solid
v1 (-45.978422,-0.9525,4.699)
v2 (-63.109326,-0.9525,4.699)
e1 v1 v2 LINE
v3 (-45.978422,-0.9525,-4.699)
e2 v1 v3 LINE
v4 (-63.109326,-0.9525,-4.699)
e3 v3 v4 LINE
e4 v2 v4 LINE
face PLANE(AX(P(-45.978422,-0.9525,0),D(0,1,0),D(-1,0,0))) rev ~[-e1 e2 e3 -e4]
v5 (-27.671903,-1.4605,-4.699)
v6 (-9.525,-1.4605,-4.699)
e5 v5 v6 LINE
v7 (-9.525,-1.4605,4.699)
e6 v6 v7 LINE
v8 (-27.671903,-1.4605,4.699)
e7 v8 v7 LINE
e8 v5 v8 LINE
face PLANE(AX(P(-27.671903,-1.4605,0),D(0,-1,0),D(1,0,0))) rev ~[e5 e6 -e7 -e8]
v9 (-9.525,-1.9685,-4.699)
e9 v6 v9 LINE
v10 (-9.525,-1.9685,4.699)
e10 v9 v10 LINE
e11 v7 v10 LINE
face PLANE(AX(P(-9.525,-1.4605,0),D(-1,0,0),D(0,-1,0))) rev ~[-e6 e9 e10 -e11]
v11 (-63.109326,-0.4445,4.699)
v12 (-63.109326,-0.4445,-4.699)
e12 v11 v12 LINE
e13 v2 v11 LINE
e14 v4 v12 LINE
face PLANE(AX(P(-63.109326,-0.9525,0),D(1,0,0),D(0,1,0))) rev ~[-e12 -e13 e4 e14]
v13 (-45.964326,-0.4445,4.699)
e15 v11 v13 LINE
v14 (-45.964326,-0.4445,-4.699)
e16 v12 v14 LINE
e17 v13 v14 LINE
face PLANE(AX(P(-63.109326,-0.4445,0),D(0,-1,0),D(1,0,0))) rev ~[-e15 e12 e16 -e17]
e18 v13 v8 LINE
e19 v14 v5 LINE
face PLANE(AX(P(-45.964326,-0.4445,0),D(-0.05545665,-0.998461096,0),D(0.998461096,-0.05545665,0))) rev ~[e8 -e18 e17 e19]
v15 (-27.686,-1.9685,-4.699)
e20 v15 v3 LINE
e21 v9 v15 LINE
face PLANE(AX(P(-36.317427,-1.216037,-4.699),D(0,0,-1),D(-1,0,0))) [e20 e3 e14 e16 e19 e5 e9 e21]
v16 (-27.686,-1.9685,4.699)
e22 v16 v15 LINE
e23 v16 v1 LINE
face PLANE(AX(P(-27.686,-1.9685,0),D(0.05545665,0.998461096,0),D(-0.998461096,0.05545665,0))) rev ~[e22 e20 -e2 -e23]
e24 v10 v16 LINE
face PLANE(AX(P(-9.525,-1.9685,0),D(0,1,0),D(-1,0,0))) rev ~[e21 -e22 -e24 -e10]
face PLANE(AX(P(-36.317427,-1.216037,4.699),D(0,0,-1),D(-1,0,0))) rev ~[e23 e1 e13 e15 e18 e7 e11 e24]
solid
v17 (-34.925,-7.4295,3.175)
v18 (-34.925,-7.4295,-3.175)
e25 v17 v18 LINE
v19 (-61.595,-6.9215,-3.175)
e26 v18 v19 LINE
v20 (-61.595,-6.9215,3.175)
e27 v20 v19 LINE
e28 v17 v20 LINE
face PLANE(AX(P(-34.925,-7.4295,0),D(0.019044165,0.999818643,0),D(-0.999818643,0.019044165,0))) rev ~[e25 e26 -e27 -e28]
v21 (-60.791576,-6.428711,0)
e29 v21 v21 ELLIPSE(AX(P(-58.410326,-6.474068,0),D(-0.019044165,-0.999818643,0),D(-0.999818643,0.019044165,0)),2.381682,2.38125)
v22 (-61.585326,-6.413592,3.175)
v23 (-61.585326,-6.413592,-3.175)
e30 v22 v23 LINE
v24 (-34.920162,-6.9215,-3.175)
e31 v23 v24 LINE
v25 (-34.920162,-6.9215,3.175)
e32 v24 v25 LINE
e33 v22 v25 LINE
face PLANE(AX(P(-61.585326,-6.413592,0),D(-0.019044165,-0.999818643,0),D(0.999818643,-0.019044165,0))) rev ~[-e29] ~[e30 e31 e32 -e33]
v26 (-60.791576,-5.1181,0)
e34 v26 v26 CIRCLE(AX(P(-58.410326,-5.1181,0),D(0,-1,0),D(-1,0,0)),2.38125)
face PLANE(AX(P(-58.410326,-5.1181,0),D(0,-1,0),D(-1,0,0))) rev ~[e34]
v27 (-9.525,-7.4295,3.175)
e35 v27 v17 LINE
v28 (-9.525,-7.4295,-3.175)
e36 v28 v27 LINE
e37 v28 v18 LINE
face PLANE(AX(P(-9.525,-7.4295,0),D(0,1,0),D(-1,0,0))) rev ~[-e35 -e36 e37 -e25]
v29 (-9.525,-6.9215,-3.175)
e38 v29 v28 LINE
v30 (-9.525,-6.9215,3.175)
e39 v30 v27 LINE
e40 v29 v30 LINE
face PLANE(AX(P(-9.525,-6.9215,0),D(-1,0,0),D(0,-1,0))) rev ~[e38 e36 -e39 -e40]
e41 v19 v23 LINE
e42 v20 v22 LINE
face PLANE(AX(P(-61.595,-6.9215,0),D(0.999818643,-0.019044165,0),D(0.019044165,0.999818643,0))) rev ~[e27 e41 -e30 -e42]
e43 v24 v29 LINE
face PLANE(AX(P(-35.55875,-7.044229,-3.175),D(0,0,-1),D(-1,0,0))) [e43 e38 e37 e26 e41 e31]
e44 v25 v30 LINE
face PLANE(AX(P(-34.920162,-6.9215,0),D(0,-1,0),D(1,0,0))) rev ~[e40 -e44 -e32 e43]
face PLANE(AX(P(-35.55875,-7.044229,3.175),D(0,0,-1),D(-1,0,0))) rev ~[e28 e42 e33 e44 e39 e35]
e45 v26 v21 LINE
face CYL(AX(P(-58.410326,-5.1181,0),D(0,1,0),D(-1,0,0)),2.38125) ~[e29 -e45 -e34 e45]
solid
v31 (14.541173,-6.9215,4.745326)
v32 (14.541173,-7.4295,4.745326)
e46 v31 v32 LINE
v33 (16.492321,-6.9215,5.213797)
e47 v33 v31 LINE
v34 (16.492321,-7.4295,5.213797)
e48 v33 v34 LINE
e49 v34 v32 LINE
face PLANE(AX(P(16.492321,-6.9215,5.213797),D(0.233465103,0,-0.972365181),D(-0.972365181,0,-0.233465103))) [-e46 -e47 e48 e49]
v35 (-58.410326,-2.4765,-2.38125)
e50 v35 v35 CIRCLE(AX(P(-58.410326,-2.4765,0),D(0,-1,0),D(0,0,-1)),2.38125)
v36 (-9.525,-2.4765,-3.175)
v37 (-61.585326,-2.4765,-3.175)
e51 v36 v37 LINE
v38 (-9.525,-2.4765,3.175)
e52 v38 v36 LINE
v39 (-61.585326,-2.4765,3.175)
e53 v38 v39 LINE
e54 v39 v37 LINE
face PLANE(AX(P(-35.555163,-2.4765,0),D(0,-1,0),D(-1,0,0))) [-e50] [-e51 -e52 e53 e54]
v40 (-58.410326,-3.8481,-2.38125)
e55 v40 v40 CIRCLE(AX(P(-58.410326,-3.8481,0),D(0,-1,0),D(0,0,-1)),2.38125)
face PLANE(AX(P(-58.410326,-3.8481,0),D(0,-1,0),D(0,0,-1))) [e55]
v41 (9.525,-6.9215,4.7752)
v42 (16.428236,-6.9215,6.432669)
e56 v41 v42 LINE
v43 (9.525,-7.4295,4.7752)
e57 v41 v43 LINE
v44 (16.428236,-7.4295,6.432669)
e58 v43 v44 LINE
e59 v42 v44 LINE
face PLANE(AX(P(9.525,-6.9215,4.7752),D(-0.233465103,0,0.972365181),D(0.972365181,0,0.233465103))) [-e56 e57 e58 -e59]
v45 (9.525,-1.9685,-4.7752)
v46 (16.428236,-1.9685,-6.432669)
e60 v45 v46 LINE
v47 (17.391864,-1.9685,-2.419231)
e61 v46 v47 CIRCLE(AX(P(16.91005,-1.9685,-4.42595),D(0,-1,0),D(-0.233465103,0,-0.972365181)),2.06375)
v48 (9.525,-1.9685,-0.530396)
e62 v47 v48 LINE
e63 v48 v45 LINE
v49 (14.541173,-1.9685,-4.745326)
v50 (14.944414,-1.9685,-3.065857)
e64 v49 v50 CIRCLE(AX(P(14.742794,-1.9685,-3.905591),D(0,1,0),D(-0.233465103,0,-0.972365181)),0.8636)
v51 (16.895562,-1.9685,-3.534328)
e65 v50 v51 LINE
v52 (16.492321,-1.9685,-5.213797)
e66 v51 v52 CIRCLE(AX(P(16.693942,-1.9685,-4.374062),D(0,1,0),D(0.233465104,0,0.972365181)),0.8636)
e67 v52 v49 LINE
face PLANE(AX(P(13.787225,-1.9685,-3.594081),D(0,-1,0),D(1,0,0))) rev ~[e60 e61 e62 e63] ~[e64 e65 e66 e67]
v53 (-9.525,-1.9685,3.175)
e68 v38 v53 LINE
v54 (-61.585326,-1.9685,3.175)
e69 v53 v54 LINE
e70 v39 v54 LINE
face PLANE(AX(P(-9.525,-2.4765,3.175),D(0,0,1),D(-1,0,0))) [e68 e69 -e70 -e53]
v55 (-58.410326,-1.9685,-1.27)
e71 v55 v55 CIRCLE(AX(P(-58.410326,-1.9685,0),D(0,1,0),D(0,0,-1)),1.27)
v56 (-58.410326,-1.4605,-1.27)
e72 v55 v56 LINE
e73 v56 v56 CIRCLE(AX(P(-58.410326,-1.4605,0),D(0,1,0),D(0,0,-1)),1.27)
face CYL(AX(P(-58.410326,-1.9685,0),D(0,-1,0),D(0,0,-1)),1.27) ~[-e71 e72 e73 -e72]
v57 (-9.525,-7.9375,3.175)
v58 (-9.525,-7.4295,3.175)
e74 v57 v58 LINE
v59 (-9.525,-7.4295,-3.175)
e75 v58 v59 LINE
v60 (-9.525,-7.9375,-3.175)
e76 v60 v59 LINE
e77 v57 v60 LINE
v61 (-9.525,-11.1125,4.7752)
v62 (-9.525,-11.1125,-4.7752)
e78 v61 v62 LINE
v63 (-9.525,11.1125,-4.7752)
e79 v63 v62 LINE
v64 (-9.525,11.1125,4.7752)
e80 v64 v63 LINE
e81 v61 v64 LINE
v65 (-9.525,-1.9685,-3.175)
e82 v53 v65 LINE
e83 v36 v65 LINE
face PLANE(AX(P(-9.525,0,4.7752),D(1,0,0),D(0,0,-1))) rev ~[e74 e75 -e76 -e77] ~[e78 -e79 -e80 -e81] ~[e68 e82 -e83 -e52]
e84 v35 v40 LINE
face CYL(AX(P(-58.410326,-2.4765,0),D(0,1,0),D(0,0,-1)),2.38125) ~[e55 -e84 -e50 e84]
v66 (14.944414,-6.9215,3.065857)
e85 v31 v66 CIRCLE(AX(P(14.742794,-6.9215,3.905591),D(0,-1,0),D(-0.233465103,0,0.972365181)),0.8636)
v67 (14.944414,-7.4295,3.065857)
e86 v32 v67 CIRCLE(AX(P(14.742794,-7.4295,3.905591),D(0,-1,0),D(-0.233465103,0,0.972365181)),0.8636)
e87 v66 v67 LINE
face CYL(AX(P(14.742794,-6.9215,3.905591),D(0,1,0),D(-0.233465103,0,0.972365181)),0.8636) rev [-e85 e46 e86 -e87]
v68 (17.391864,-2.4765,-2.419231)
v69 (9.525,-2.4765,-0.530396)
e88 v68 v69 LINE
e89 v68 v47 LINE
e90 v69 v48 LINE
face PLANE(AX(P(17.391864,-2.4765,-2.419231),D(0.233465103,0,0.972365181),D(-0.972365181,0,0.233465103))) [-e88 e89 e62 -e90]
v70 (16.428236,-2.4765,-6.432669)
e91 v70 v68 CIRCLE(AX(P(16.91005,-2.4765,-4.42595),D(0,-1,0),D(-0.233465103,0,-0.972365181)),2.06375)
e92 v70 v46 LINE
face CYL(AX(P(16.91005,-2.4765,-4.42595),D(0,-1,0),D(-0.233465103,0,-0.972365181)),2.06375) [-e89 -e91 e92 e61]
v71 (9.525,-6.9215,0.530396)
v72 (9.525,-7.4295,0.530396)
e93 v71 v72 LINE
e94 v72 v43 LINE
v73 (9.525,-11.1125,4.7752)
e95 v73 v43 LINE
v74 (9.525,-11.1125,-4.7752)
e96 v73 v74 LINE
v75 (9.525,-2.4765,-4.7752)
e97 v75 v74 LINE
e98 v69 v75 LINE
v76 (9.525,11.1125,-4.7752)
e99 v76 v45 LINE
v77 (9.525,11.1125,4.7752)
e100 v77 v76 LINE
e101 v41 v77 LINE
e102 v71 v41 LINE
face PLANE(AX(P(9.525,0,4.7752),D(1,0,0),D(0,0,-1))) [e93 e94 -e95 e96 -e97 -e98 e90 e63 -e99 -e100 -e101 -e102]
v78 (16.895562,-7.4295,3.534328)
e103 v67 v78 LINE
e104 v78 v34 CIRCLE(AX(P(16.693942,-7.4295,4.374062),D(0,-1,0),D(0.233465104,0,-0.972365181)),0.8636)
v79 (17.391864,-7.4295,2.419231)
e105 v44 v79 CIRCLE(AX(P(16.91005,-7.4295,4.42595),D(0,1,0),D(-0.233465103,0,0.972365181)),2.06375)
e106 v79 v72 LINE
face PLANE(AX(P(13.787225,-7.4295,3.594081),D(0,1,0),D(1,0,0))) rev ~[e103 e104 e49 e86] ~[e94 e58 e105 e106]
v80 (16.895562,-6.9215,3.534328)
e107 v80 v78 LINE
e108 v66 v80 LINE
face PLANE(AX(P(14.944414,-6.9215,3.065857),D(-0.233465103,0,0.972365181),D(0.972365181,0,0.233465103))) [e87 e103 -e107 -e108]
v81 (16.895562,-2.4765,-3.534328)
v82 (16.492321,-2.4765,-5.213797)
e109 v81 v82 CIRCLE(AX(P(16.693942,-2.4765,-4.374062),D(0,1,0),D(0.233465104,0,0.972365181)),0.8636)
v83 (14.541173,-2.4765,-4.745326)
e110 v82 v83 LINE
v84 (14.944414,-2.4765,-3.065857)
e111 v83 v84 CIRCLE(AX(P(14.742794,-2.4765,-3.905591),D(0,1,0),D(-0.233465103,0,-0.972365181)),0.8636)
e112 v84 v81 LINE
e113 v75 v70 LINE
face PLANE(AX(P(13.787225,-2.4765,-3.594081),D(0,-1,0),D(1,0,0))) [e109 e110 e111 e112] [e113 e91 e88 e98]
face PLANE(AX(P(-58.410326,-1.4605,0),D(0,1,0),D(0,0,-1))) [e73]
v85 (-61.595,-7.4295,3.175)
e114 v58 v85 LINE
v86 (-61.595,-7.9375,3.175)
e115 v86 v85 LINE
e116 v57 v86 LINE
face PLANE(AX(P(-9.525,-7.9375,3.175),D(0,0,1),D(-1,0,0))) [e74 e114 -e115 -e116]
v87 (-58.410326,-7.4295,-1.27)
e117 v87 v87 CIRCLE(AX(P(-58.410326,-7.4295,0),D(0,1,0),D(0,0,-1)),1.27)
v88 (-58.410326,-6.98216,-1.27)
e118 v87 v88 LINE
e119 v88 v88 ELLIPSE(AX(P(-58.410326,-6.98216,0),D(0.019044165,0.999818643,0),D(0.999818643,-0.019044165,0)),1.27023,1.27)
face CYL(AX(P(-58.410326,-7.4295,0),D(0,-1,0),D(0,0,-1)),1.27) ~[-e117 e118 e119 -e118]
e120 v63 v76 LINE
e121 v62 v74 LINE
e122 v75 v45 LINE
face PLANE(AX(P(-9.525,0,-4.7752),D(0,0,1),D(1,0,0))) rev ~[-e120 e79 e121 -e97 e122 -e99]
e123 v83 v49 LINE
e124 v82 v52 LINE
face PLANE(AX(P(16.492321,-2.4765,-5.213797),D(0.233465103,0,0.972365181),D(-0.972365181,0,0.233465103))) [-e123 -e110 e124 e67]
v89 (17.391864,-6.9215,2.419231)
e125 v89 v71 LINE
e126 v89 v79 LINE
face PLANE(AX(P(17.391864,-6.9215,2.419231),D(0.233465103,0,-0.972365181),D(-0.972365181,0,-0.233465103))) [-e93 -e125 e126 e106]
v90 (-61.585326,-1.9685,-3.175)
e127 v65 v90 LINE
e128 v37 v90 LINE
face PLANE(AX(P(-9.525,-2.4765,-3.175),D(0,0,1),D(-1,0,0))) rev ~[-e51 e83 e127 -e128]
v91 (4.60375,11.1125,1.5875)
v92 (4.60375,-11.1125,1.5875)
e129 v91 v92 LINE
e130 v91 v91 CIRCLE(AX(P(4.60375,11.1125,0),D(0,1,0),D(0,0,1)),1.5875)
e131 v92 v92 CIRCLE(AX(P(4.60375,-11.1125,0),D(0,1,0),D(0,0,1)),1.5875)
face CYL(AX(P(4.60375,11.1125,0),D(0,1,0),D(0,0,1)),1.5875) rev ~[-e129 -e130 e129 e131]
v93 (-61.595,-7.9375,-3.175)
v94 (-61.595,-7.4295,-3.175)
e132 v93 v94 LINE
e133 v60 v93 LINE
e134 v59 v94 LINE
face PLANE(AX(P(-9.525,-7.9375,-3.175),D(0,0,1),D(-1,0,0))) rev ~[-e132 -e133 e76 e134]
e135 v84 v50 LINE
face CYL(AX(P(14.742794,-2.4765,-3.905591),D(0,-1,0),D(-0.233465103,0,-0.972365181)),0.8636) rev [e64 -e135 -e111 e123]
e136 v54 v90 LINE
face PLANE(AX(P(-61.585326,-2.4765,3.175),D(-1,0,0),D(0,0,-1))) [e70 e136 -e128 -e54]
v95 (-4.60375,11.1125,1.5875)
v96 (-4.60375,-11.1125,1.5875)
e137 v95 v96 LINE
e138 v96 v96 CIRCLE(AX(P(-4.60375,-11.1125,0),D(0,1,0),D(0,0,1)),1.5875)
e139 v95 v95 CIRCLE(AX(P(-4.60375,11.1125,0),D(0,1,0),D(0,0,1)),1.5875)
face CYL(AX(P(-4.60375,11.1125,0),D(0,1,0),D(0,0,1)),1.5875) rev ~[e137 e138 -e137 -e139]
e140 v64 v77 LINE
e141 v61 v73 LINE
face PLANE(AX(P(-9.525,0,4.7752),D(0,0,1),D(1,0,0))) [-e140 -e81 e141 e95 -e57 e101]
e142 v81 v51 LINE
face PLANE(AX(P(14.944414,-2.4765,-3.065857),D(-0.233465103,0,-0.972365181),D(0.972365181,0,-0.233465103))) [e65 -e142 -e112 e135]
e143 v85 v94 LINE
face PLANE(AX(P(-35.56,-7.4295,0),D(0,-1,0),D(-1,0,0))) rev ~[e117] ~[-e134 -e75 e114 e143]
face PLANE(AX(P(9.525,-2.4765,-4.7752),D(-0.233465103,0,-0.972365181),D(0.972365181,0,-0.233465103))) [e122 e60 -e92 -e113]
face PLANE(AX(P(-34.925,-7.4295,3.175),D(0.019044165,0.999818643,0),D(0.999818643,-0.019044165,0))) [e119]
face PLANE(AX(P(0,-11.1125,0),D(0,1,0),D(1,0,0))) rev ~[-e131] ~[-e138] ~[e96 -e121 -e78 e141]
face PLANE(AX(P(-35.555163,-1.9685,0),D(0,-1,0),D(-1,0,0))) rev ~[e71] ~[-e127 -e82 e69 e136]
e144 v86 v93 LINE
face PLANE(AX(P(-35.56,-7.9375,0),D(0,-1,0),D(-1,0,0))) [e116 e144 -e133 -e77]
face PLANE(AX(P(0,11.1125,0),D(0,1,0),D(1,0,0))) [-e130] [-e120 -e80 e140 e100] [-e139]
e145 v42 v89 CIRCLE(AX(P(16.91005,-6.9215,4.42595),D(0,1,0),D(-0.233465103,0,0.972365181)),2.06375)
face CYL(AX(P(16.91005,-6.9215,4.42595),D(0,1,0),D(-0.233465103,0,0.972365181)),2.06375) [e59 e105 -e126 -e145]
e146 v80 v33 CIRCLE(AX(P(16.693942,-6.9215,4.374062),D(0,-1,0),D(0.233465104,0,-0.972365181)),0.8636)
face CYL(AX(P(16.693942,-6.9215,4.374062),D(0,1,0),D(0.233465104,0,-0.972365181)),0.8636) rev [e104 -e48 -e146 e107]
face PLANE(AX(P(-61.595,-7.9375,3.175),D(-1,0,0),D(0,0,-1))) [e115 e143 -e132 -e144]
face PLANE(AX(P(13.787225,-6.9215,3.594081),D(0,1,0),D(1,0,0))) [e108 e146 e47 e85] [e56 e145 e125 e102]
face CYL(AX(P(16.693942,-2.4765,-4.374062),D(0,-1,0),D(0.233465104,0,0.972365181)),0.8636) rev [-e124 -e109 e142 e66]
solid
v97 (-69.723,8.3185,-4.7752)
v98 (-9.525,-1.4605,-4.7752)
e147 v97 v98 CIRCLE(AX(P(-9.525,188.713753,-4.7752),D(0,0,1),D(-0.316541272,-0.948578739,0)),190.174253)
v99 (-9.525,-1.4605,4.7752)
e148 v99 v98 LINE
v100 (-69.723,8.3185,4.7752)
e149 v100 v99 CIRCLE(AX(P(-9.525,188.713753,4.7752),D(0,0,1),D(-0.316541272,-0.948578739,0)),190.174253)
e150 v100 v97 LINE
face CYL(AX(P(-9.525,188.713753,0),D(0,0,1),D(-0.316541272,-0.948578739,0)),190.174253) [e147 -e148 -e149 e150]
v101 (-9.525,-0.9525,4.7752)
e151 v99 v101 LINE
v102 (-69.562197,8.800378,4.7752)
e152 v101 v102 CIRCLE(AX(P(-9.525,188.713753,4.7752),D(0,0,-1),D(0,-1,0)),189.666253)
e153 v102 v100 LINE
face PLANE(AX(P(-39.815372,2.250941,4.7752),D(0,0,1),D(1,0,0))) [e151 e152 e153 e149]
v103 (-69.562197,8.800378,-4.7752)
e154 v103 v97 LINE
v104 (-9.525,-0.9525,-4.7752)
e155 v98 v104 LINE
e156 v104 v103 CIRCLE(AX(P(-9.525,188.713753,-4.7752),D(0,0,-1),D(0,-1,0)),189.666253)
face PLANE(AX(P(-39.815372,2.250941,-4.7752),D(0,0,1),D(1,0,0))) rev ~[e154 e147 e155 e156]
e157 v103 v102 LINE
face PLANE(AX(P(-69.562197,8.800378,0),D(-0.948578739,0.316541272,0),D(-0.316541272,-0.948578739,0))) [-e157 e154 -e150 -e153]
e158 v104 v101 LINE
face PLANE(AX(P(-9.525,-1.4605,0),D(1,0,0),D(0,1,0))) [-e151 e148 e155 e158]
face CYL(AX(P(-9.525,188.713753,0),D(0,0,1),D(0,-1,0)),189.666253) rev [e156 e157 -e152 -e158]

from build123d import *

# Parameters (mm, degrees)
SKETCH1_W            = 19.05
SKETCH1_H            = 9.5504
BOSS_EXTRUDE1_DEPTH  = 11.1125
SKETCH2_W            = 52.07
SKETCH2_H            = 6.35
BOSS_EXTRUDE2_DEPTH  = 0.508
BOSS_EXTRUDE3_DEPTH  = 3.175
SKETCH4_W            = 52.060325564
SKETCH4_H            = 6.35
BOSS_EXTRUDE4_DEPTH  = 0.508
BOSS_EXTRUDE5_DEPTH  = 4.699
BOSS_EXTRUDE6_DEPTH  = 4.7752
SKETCH7_R            = 2.38125
BOSS_EXTRUDE7_DEPTH  = 1.3716
BOSS_EXTRUDE8_REACH  = 74.74
BOSS_EXTRUDE8_START  = 1.27
SKETCH8_R            = 2.38125
SKETCH9_R            = 1.27
BOSS_EXTRUDE9_DEPTH  = 0.508
BOSS_EXTRUDE10_REACH = 74.304
SKETCH10_R           = 1.27
BOSS_EXTRUDE11_DEPTH = 0.508
BOSS_EXTRUDE12_DEPTH = 0.508
SKETCH13_R           = 1.5875
CUT_EXTRUDE1_DEPTH   = 74.466751392


with BuildPart() as part:
    # Sketch1 → Boss-Extrude1 (new, symmetric)
    with BuildSketch(Plane(origin=(0, 0, 0), x_dir=(1, 0, 0), z_dir=(0, 1, 0))):
        Rectangle(SKETCH1_W, SKETCH1_H)
    extrude(amount=BOSS_EXTRUDE1_DEPTH, both=True)

    # Sketch2 → Boss-Extrude2 (add)
    with BuildSketch(Plane(origin=(0, -7.9375, 0), x_dir=(-1, 0, 0), z_dir=(0, -1, 0))):
        with Locations((35.56, 0)):
            Rectangle(SKETCH2_W, SKETCH2_H)
    extrude(amount=-BOSS_EXTRUDE2_DEPTH)

    # Sketch4 → Boss-Extrude4 (add)
    with BuildSketch(Plane(origin=(0, -2.4765, 0), x_dir=(-1, 0, 0), z_dir=(0, -1, 0))):
        with Locations((35.555162782, 0)):
            Rectangle(SKETCH4_W, SKETCH4_H)
    extrude(amount=-BOSS_EXTRUDE4_DEPTH)

    # Sketch7 → Boss-Extrude7 (add)
    with BuildSketch(Plane.XZ.offset(2.4765)):
        with Locations(Location((-58.410325564, 0, 0), (0, 0, 270))):
            Circle(SKETCH7_R)
    extrude(amount=BOSS_EXTRUDE7_DEPTH)

    # Sketch9 → Boss-Extrude9 (add)
    with BuildSketch(Plane(origin=(0, -1.9685, 0), x_dir=(1, 0, 0), z_dir=(0, 1, 0))):
        with Locations(Location((-58.410325564, 0, 0), (0, 0, 90))):
            Circle(SKETCH9_R)
    extrude(amount=BOSS_EXTRUDE9_DEPTH)

    # Boss-Extrude10: up to this plane
    boss_extrude10_end = Plane(origin=(-34.925, -7.4295, 3.175), z_dir=(0.01904416463717227, 0.9998186434515374, 0))
    # Sketch10 → Boss-Extrude10 (add, up to the surface)
    with BuildSketch(Plane(origin=(0, -7.4295, 0), x_dir=(1, 0, 0), z_dir=(0, 1, 0)), mode=Mode.PRIVATE) as boss_extrude10_sk1:
        with Locations(Location((-58.410325564, 0, 0), (0, 0, 90))):
            Circle(SKETCH10_R)
    boss_extrude10_tool1 = split(extrude(boss_extrude10_sk1.sketch, amount=BOSS_EXTRUDE10_REACH, mode=Mode.PRIVATE), bisect_by=boss_extrude10_end, keep=Keep.BOTH, mode=Mode.PRIVATE)
    add(boss_extrude10_tool1.solids().sort_by_distance((-58.410326, -7.4295, 0))[0])

    # Sketch11 → Boss-Extrude11 (add)
    with BuildSketch(Plane(origin=(0, -6.9215, 0), x_dir=(1, 0, 0), z_dir=(0, 1, 0))):
        with BuildLine():
            Line((9.525, -4.7752), (16.428236393, -6.432668643))
            ThreePointArc((16.428236393, -6.432668643), (18.916768643, -4.907763607), (17.391863607, -2.419231357))
            Line((17.391863607, -2.419231357), (9.525, -0.530395599))
            Line((9.525, -0.530395599), (9.525, -4.7752))
        make_face()
        with BuildLine():
            Line((14.944414329, -3.065856734), (16.895562302, -3.53432781))
            ThreePointArc((16.895562302, -3.53432781), (17.533676409, -4.575682844), (16.492321375, -5.213796951))
            Line((16.492321375, -5.213796951), (14.541173403, -4.745325875))
            ThreePointArc((14.541173403, -4.745325875), (13.903059295, -3.703970842), (14.944414329, -3.065856734))
        make_face(mode=Mode.SUBTRACT)
    extrude(amount=-BOSS_EXTRUDE11_DEPTH)

    # Sketch12 → Boss-Extrude12 (add)
    with BuildSketch(Plane.XZ.offset(2.4765)):
        with BuildLine():
            Line((9.525, -4.7752), (16.428236393, -6.432668643))
            ThreePointArc((16.428236393, -6.432668643), (18.916768643, -4.907763607), (17.391863607, -2.419231357))
            Line((17.391863607, -2.419231357), (9.525, -0.530395599))
            Line((9.525, -0.530395599), (9.525, -4.7752))
        make_face()
        with BuildLine():
            Line((14.944414329, -3.065856734), (16.895562302, -3.53432781))
            ThreePointArc((16.895562302, -3.53432781), (17.533676409, -4.575682844), (16.492321375, -5.213796951))
            Line((16.492321375, -5.213796951), (14.541173403, -4.745325875))
            ThreePointArc((14.541173403, -4.745325875), (13.903059295, -3.703970842), (14.944414329, -3.065856734))
        make_face(mode=Mode.SUBTRACT)
    extrude(amount=-BOSS_EXTRUDE12_DEPTH)

    # Sketch13 → Cut-Extrude1 (cut, through all)
    with BuildSketch(Plane(origin=(0, 11.1125, 0), x_dir=(1, 0, 0), z_dir=(0, 1, 0))):
        with Locations(Location((-4.60375, 0, 0), (0, 0, 270))):
            Circle(SKETCH13_R)
        with Locations(Location((4.60375, 0, 0), (0, 0, 270))):
            Circle(SKETCH13_R)
    extrude(amount=-CUT_EXTRUDE1_DEPTH, mode=Mode.SUBTRACT)


with BuildPart() as body_2:
    # Sketch3 → Boss-Extrude3 (new, symmetric)
    with BuildSketch(Plane.XY):
        Polygon((-9.525, -7.4295), (-34.925, -7.4295), (-61.595, -6.9215), (-61.585325564, -6.413592129), (-34.920162344, -6.9215), (-9.525, -6.9215), align=None)
    extrude(amount=BOSS_EXTRUDE3_DEPTH, both=True)

    # Boss-Extrude8: up to this plane
    boss_extrude8_end = Plane(origin=(-61.585325564, -6.413592129, 3.175), z_dir=(-0.01904416463717216, -0.9998186434515374, 0))
    # Sketch8 → Boss-Extrude8 (add, up to the surface)
    with BuildSketch(Plane.XZ.offset(3.8481).offset(BOSS_EXTRUDE8_START), mode=Mode.PRIVATE) as boss_extrude8_sk1:
        with Locations(Location((-58.410325564, 0, 0), (0, 0, 180))):
            Circle(SKETCH8_R)
    boss_extrude8_tool1 = split(extrude(boss_extrude8_sk1.sketch, amount=BOSS_EXTRUDE8_REACH, mode=Mode.PRIVATE), bisect_by=boss_extrude8_end, keep=Keep.BOTH, mode=Mode.PRIVATE)
    add(boss_extrude8_tool1.solids().sort_by_distance((-58.410326, -5.1181, 0))[0])


with BuildPart() as body_3:
    # Sketch5 → Boss-Extrude5 (new, symmetric)
    with BuildSketch(Plane.XY):
        Polygon((-9.525, -1.9685), (-27.686, -1.9685), (-45.9784224, -0.9525), (-63.109325564, -0.9525), (-63.109325564, -0.4445), (-45.964325564, -0.4445), (-27.671903164, -1.4605), (-9.525, -1.4605), align=None)
    extrude(amount=BOSS_EXTRUDE5_DEPTH, both=True)


with BuildPart() as body_4:
    # Sketch6 → Boss-Extrude6 (new, symmetric)
    with BuildSketch(Plane.XY):
        with BuildLine():
            Line((-9.525, -1.4605), (-9.525, -0.9525))
            ThreePointArc((-9.525, -0.9525), (-39.937101444, 1.501596306), (-69.562197034, 8.800377999))
            Line((-69.562197034, 8.800377999), (-69.723, 8.3185))
            ThreePointArc((-69.723, 8.3185), (-40.018556881, 1.00016933), (-9.525, -1.4605))
        make_face()
    extrude(amount=BOSS_EXTRUDE6_DEPTH, both=True)


solid = Compound([part.part, body_2.part, body_3.part, body_4.part])
